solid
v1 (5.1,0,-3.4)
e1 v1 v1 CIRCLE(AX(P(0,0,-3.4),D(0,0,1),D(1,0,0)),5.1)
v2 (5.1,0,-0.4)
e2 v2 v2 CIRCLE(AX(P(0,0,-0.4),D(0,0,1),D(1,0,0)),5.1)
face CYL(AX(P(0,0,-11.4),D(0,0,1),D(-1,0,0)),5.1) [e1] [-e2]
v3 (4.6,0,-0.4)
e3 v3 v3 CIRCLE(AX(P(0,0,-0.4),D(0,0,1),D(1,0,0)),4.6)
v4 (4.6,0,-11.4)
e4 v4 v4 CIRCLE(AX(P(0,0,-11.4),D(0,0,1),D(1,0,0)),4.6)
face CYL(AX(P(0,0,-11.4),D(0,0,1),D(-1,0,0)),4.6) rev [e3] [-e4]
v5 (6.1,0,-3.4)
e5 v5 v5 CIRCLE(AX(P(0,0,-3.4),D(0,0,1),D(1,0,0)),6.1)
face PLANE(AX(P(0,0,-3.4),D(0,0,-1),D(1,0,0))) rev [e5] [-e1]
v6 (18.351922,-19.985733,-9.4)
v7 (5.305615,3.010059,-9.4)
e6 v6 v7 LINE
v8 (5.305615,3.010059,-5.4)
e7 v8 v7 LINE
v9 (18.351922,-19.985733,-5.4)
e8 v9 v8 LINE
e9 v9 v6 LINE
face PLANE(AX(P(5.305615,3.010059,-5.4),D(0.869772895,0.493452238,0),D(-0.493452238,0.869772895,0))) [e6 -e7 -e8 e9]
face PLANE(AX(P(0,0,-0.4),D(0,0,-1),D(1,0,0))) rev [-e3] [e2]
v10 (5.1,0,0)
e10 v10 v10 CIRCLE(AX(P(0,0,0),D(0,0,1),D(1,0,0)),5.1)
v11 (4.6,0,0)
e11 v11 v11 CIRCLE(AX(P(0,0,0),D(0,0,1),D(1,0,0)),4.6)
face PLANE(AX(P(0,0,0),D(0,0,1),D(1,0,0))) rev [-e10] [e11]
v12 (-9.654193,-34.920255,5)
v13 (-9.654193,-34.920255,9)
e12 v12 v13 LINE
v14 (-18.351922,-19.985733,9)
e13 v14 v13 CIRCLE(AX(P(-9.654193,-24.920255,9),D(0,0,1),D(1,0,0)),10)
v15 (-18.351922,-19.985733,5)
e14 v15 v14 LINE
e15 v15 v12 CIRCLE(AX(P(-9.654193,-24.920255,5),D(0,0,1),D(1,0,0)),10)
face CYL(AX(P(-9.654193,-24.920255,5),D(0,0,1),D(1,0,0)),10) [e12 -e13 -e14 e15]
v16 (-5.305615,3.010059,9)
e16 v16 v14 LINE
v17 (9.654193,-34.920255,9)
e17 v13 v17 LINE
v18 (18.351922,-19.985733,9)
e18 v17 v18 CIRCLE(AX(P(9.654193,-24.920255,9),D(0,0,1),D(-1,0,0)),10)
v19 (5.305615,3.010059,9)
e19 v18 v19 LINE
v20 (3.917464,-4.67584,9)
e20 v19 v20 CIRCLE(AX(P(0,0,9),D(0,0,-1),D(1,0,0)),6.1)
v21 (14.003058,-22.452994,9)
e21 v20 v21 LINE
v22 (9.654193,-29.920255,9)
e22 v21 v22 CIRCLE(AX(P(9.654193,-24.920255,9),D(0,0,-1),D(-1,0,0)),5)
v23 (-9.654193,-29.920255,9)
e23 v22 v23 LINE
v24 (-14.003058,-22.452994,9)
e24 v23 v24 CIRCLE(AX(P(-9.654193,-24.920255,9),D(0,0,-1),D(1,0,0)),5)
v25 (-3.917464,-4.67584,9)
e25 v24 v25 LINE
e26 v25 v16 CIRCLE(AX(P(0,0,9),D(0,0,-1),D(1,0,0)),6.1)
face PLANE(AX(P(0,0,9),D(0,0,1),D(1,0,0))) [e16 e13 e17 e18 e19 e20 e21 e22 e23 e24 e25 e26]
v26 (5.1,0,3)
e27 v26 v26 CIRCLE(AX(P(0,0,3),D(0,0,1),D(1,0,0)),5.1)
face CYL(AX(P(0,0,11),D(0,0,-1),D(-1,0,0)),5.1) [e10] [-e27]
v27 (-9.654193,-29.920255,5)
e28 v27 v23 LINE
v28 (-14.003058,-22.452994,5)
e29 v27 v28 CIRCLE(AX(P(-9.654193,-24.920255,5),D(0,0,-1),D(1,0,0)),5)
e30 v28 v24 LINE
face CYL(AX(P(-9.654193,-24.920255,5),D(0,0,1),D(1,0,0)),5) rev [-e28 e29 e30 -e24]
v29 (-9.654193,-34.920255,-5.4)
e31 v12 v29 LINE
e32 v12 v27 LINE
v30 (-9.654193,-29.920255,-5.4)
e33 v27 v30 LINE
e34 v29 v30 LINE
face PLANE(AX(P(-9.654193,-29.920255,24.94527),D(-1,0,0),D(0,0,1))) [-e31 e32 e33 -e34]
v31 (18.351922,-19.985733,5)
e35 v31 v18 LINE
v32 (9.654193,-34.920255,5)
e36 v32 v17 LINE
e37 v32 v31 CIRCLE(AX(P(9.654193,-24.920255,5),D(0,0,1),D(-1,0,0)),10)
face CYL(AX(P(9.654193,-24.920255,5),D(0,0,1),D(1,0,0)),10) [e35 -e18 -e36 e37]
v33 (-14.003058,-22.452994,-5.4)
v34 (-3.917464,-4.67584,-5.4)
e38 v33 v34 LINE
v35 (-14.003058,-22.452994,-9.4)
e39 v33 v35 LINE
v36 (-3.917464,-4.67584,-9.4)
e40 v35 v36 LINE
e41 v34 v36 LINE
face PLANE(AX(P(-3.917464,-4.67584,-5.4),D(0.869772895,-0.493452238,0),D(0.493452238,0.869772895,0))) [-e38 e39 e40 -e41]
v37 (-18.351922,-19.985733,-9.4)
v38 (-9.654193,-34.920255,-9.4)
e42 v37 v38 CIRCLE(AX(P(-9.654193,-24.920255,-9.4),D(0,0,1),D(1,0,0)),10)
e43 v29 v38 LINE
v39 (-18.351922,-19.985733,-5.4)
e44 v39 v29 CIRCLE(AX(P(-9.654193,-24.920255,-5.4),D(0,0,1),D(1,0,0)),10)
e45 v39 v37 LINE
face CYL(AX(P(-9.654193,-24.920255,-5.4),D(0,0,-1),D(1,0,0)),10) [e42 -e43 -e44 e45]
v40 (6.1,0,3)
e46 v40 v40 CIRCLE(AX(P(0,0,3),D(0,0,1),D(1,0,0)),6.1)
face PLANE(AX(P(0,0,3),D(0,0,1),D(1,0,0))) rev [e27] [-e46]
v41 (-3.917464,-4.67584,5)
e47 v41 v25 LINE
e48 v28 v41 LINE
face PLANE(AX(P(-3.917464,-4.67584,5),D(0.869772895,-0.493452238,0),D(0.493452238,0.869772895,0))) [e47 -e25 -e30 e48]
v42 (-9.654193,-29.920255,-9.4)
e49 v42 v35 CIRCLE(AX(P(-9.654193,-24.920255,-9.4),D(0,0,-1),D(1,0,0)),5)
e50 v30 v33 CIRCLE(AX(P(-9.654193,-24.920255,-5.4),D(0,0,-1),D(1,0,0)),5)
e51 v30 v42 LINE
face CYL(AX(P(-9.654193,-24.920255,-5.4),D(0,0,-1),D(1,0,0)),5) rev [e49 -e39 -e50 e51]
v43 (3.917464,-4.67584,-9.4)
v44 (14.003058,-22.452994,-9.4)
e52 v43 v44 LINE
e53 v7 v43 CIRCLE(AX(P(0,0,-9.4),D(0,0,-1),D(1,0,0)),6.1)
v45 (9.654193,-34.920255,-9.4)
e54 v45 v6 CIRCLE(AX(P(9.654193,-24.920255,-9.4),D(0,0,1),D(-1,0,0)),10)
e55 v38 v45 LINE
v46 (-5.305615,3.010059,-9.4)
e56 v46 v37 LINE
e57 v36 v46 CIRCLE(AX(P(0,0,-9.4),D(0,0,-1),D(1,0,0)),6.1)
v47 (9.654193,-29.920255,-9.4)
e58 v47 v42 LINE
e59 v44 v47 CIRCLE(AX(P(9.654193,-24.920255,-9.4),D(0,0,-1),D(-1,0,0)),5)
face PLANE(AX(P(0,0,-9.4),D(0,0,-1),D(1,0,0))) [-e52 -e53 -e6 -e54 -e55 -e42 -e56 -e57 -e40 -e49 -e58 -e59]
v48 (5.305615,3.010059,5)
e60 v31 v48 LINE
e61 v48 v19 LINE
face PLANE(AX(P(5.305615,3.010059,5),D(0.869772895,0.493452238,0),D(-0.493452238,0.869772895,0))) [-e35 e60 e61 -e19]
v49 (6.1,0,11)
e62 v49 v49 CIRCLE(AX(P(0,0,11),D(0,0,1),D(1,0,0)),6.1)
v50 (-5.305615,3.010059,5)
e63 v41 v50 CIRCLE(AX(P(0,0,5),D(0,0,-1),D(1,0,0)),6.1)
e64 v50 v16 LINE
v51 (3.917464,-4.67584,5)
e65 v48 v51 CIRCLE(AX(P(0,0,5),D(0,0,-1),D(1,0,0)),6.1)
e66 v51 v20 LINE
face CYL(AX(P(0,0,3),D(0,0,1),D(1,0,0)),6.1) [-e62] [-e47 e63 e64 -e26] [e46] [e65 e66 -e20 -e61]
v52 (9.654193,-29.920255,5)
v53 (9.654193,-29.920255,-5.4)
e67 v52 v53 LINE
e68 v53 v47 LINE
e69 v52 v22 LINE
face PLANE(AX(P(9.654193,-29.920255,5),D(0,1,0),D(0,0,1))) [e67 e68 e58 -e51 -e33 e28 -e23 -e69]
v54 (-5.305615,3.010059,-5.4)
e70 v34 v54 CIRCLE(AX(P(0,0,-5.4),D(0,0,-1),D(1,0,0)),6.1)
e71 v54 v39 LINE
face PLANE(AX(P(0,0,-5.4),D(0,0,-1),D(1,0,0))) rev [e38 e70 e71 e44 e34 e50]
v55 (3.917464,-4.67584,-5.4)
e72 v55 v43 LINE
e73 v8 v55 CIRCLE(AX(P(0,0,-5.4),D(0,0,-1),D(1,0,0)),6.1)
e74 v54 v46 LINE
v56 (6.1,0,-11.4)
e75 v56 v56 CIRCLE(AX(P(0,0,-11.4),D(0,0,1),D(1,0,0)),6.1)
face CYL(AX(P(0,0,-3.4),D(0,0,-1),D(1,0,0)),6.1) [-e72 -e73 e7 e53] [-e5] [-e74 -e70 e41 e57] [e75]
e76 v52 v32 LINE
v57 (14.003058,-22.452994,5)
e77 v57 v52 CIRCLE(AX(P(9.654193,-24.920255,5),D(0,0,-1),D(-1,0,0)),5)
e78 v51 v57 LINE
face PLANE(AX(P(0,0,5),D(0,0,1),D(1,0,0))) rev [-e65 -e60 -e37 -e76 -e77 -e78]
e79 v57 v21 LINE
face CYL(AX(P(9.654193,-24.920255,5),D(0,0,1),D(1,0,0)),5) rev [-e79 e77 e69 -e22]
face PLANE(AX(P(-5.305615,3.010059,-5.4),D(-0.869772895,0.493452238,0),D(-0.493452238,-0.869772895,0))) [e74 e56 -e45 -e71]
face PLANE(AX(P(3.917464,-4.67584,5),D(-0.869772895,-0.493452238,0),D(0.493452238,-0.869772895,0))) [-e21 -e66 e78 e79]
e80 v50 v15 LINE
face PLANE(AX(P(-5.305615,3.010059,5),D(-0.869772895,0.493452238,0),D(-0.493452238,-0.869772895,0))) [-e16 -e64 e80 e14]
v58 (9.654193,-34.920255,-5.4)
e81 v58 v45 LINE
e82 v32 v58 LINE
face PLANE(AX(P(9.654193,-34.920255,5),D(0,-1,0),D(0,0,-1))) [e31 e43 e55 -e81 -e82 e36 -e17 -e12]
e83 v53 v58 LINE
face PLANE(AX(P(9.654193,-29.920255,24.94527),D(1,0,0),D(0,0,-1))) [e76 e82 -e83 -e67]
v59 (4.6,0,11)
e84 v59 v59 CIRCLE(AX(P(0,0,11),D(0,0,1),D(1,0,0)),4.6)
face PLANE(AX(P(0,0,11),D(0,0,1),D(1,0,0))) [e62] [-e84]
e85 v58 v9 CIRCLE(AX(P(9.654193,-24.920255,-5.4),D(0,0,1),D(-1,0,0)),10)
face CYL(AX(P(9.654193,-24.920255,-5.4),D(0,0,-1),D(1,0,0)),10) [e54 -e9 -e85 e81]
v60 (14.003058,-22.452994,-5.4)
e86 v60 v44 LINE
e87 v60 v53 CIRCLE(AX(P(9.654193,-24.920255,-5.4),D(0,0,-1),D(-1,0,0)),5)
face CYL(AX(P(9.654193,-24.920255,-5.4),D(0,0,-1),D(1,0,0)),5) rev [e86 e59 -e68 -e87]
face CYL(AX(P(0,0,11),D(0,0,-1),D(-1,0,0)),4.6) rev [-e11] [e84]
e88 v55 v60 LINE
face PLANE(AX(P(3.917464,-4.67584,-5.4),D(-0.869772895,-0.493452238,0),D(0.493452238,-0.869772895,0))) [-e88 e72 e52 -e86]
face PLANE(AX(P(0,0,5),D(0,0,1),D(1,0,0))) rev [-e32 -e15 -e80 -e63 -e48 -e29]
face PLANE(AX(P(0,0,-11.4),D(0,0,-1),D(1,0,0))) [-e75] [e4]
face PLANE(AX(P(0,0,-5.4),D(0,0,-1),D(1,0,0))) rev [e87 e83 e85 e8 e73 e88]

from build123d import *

# Parameters (mm, degrees)
SKETCH1_R                = 5.1
SKETCH1_R_2              = 4.6
EXTRUDE_THIN1_DEPTH      = 11
SKETCH2_R                = 6.1
SKETCH2_R_2              = 5.1
BOSS_EXTRUDE2_DEPTH      = 8
BOSS_EXTRUDE3_DEPTH      = 2
BOSS_EXTRUDE3_DEPTH_BACK = 2
SKETCH4_W                = 19.308386588
SKETCH4_H                = 5
BOSS_EXTRUDE4_DEPTH      = 5.2


with BuildPart() as part:
    # Sketch1 → Extrude-Thin1 (new body)
    with BuildSketch(Plane.XY):
        Circle(SKETCH1_R)
        Circle(SKETCH1_R_2, mode=Mode.SUBTRACT)
    extrude(amount=EXTRUDE_THIN1_DEPTH)

    # Sketch2 → Boss-Extrude2 (add)
    with BuildSketch(Plane.XY.offset(11)):
        Circle(SKETCH2_R)
        Circle(SKETCH2_R_2, mode=Mode.SUBTRACT)
    extrude(amount=-BOSS_EXTRUDE2_DEPTH)

    # Sketch3 → Boss-Extrude3 (add, two sides)
    with BuildSketch(Plane.XY.offset(7)) as boss_extrude3_sk:
        with BuildLine():
            Line((5.305614658, 3.010058653), (18.351922243, -19.9857327))
            ThreePointArc((18.351922243, -19.9857327), (18.2955249, -29.952887404), (9.654193294, -34.920255082))
            Line((9.654193294, -34.920255082), (-9.654193294, -34.920255082))
            ThreePointArc((-9.654193294, -34.920255082), (-18.2955249, -29.952887404), (-18.351922243, -19.9857327))
            Line((-18.351922243, -19.9857327), (-5.305614658, 3.010058653))
            ThreePointArc((-5.305614658, 3.010058653), (-6.002878674, -1.084180624), (-3.917463614, -4.675839907))
            Line((-3.917463614, -4.675839907), (-14.003057769, -22.452993891))
            ThreePointArc((-14.003057769, -22.452993891), (-13.974859097, -27.436571243), (-9.654193294, -29.920255082))
            Line((-9.654193294, -29.920255082), (9.654193294, -29.920255082))
            ThreePointArc((9.654193294, -29.920255082), (13.974859097, -27.436571243), (14.003057769, -22.452993891))
            Line((14.003057769, -22.452993891), (3.917463614, -4.675839907))
            ThreePointArc((3.917463614, -4.675839907), (6.002878674, -1.084180624), (5.305614658, 3.010058653))
        make_face()
    extrude(amount=BOSS_EXTRUDE3_DEPTH)
    extrude(boss_extrude3_sk.sketch, amount=-BOSS_EXTRUDE3_DEPTH_BACK)

    # Sketch4 → Boss-Extrude4 (add)
    with BuildSketch(Plane(origin=(0, 0, -0.2), x_dir=(-1, 0, 0), z_dir=(0, 0, -1))):
        with Locations((0, -32.420255082)):
            Rectangle(SKETCH4_W, SKETCH4_H)
    extrude(amount=-BOSS_EXTRUDE4_DEPTH)

    # Mirror3: part across plane


with BuildPart() as part_1:
    add(part.part)
    add(part.part.mirror(Plane(origin=(0, 0, -0.2), x_dir=(1, 0, 0), z_dir=(0, 0, -1))))


solid = part_1.part
